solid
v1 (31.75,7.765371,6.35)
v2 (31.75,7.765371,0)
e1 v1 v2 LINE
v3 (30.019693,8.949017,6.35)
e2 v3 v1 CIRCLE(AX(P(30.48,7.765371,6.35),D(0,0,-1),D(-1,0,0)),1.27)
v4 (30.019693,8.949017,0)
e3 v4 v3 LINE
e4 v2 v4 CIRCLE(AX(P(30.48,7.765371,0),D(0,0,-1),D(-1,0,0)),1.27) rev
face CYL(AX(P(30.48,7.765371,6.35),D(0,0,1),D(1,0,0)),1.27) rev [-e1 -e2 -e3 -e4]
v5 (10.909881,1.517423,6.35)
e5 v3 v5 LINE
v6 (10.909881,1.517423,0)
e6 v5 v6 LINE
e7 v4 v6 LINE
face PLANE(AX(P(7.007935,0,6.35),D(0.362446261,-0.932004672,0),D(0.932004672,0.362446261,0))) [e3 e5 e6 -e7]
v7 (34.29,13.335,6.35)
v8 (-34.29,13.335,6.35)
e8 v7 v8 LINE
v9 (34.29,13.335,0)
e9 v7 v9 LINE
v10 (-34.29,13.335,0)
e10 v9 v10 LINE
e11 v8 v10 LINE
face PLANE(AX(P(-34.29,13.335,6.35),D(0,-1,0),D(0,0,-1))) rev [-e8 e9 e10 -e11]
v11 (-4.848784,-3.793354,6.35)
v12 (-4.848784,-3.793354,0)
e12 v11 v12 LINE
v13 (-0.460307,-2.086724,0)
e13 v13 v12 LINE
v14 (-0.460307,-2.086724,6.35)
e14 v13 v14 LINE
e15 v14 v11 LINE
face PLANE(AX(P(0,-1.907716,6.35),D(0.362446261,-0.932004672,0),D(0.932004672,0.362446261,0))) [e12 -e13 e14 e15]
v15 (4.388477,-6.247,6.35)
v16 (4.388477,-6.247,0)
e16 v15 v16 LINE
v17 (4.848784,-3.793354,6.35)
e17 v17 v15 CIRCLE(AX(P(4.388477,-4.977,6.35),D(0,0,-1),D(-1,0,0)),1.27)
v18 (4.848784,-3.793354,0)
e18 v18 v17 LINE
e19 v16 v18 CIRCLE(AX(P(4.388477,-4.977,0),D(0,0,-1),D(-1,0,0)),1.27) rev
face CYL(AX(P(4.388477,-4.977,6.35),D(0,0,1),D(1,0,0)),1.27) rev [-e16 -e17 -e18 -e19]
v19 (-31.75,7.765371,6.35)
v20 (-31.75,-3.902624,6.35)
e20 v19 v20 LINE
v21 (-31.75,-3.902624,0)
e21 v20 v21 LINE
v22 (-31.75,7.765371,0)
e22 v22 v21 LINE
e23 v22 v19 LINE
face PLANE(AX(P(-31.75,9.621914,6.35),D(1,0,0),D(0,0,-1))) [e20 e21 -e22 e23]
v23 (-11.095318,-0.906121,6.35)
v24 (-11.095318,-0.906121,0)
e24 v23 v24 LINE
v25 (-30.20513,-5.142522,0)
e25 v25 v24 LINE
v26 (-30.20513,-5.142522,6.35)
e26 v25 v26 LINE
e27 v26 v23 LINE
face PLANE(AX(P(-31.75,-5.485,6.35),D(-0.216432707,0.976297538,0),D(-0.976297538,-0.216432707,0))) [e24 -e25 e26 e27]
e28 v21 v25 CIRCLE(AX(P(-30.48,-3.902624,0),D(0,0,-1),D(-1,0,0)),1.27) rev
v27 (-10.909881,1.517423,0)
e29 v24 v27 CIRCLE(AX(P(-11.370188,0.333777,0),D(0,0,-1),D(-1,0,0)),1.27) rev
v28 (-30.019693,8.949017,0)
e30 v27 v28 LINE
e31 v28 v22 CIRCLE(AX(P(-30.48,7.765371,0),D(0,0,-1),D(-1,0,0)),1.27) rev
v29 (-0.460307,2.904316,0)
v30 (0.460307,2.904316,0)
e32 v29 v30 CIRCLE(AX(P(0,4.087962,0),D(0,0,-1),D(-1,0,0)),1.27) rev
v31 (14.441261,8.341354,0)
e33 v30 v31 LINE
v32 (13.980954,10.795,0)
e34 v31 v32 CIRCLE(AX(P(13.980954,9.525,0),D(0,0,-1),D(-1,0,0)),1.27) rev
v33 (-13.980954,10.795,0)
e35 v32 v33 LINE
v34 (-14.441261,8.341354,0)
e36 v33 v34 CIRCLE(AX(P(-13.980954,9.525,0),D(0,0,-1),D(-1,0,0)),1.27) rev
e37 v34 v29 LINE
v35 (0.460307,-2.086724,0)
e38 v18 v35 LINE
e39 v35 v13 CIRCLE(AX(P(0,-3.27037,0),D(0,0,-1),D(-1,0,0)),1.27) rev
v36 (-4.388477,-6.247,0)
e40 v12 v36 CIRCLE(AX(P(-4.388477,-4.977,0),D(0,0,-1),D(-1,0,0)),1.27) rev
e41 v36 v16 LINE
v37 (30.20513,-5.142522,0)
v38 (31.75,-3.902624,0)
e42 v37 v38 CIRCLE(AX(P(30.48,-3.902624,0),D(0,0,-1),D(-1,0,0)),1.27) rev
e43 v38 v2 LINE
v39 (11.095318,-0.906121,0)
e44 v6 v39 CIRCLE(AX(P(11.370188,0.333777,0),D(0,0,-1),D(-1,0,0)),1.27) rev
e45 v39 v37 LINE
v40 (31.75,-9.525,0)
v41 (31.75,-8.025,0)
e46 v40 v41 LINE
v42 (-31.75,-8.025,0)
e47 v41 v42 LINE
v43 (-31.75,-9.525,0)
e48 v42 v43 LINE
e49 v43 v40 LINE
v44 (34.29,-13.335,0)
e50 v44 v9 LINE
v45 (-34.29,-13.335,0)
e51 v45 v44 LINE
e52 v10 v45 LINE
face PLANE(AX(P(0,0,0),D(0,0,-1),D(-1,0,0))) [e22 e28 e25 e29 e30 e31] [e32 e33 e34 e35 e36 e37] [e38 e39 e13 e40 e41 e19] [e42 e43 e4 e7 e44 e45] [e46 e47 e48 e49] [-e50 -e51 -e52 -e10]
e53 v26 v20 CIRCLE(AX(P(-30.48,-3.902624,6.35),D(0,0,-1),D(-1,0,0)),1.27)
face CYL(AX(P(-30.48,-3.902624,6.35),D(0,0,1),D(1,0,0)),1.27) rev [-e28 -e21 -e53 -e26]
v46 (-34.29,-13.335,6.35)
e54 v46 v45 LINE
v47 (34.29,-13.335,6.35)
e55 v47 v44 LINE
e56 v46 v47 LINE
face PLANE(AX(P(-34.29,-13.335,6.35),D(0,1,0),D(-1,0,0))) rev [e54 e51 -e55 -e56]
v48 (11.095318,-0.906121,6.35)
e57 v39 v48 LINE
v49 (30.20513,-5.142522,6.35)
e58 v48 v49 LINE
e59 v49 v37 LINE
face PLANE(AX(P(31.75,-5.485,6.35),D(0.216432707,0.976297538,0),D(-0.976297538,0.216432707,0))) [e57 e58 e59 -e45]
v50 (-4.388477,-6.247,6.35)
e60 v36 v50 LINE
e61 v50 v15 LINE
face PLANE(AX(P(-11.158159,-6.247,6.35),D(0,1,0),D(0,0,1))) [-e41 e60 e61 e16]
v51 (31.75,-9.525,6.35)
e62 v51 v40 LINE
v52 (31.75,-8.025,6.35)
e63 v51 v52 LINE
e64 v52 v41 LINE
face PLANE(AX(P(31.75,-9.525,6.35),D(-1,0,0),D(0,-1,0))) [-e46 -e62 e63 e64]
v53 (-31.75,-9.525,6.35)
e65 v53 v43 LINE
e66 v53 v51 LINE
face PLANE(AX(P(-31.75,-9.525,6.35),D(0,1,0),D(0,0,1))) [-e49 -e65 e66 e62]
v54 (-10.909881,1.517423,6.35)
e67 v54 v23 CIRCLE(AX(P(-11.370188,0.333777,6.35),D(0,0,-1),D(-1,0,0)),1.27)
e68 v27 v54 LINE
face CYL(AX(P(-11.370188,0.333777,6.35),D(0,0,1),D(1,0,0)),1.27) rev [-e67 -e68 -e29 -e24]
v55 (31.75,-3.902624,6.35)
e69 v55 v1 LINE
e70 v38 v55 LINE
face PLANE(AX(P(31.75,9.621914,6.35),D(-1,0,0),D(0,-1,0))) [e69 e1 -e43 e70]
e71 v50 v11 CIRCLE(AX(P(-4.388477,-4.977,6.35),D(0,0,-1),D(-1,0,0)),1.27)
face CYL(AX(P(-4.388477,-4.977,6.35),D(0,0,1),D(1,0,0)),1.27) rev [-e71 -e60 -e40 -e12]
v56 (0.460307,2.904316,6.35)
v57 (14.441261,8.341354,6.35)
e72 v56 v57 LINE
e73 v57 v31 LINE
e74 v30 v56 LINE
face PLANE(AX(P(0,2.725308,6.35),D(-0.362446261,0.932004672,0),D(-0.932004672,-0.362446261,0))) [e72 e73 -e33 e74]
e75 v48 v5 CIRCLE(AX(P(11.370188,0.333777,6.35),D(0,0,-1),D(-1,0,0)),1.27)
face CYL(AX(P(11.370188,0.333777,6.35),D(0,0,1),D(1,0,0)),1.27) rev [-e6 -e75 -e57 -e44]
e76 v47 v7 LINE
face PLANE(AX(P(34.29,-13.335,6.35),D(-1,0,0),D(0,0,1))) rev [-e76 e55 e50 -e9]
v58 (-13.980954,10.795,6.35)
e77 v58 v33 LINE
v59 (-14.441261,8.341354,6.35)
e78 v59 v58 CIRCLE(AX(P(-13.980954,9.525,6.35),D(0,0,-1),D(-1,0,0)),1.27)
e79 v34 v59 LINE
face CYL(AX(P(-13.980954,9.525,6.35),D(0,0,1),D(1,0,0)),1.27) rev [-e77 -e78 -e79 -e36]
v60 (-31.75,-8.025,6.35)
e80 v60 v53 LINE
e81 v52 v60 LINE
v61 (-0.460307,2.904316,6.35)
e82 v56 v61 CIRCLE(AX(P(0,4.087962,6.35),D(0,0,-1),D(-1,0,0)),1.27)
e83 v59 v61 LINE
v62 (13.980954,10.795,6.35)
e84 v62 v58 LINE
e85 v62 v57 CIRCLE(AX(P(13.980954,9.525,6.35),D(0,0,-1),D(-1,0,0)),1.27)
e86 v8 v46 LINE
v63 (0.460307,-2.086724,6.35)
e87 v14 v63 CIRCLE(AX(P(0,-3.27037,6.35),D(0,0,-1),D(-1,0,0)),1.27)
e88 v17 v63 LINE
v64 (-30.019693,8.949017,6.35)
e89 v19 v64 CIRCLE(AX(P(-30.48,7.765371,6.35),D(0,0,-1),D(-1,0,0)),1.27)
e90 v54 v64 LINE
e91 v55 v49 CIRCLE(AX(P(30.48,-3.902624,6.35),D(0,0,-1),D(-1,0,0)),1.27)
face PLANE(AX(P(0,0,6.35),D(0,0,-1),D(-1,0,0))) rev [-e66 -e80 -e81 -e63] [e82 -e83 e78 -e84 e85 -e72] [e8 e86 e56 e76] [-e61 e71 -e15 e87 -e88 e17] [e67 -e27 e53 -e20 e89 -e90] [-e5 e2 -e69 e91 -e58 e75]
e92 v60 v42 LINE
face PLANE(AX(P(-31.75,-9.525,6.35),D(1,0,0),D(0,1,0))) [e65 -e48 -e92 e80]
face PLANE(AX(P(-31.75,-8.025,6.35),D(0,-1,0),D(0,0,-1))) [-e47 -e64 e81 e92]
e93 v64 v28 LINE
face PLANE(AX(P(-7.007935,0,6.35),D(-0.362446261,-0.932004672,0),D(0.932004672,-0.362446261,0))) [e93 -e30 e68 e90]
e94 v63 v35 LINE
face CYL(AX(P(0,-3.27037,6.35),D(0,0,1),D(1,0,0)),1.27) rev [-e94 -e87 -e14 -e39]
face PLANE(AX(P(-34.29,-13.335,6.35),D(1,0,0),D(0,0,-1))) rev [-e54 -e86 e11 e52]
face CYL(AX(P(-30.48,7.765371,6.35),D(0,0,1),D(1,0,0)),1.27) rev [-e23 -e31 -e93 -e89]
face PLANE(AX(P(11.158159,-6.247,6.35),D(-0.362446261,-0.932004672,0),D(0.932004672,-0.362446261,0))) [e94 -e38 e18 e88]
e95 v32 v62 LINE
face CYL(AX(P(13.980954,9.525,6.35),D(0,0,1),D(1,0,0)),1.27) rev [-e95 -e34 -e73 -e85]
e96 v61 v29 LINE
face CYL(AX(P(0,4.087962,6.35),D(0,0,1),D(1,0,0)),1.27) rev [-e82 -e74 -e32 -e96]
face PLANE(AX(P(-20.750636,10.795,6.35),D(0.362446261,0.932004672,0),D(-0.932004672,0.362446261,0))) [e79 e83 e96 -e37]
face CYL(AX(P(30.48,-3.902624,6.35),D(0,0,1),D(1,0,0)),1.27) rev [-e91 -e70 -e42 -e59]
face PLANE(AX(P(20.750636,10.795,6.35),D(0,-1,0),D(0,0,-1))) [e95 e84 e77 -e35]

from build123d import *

# Parameters (mm, degrees)
SKETCH1_W           = 68.58
SKETCH1_H           = 26.67
SKETCH1_W_2         = 63.5
SKETCH1_H_2         = 1.5
BOSS_EXTRUDE1_DEPTH = 6.35
FILLET1_R           = 1.27


with BuildPart() as part:
    # Sketch1 → Boss-Extrude1 (new body)
    with BuildSketch(Plane.XY):
        Rectangle(SKETCH1_W, SKETCH1_H)
        Polygon((-20.750635985, 10.795), (0, 2.725308228), (20.750635985, 10.795), align=None, mode=Mode.SUBTRACT)
        with Locations((0, -8.775)):
            Rectangle(SKETCH1_W_2, SKETCH1_H_2, mode=Mode.SUBTRACT)
        Polygon((-31.75, 9.621913994), (-31.75, -5.485), (-7.007935444, 0), align=None, mode=Mode.SUBTRACT)
        Polygon((7.007935444, 0), (31.75, 9.621913994), (31.75, -5.485), align=None, mode=Mode.SUBTRACT)
        Polygon((0, -1.90771576), (-11.158159475, -6.247), (11.158159475, -6.247), align=None, mode=Mode.SUBTRACT)
    extrude(amount=BOSS_EXTRUDE1_DEPTH)

    # Fillet1
    fillet1_edges = [part.edges().sort_by_distance(p)[0] for p in [
        (20.750635985, 10.795, 3.175),
        (-20.750635985, 10.795, 3.175),
        (0, 2.725308228, 3.175),
        (-7.007935444, 0, 3.175),
        (-31.75, 9.621913994, 3.175),
        (-31.75, -5.485, 3.175),
        (7.007935444, 0, 3.175),
        (31.75, -5.485, 3.175),
        (31.75, 9.621913994, 3.175),
        (11.158159475, -6.247, 3.175),
        (0, -1.90771576, 3.175),
        (-11.158159475, -6.247, 3.175),
    ]]
    fillet(fillet1_edges, radius=FILLET1_R)


solid = part.part
